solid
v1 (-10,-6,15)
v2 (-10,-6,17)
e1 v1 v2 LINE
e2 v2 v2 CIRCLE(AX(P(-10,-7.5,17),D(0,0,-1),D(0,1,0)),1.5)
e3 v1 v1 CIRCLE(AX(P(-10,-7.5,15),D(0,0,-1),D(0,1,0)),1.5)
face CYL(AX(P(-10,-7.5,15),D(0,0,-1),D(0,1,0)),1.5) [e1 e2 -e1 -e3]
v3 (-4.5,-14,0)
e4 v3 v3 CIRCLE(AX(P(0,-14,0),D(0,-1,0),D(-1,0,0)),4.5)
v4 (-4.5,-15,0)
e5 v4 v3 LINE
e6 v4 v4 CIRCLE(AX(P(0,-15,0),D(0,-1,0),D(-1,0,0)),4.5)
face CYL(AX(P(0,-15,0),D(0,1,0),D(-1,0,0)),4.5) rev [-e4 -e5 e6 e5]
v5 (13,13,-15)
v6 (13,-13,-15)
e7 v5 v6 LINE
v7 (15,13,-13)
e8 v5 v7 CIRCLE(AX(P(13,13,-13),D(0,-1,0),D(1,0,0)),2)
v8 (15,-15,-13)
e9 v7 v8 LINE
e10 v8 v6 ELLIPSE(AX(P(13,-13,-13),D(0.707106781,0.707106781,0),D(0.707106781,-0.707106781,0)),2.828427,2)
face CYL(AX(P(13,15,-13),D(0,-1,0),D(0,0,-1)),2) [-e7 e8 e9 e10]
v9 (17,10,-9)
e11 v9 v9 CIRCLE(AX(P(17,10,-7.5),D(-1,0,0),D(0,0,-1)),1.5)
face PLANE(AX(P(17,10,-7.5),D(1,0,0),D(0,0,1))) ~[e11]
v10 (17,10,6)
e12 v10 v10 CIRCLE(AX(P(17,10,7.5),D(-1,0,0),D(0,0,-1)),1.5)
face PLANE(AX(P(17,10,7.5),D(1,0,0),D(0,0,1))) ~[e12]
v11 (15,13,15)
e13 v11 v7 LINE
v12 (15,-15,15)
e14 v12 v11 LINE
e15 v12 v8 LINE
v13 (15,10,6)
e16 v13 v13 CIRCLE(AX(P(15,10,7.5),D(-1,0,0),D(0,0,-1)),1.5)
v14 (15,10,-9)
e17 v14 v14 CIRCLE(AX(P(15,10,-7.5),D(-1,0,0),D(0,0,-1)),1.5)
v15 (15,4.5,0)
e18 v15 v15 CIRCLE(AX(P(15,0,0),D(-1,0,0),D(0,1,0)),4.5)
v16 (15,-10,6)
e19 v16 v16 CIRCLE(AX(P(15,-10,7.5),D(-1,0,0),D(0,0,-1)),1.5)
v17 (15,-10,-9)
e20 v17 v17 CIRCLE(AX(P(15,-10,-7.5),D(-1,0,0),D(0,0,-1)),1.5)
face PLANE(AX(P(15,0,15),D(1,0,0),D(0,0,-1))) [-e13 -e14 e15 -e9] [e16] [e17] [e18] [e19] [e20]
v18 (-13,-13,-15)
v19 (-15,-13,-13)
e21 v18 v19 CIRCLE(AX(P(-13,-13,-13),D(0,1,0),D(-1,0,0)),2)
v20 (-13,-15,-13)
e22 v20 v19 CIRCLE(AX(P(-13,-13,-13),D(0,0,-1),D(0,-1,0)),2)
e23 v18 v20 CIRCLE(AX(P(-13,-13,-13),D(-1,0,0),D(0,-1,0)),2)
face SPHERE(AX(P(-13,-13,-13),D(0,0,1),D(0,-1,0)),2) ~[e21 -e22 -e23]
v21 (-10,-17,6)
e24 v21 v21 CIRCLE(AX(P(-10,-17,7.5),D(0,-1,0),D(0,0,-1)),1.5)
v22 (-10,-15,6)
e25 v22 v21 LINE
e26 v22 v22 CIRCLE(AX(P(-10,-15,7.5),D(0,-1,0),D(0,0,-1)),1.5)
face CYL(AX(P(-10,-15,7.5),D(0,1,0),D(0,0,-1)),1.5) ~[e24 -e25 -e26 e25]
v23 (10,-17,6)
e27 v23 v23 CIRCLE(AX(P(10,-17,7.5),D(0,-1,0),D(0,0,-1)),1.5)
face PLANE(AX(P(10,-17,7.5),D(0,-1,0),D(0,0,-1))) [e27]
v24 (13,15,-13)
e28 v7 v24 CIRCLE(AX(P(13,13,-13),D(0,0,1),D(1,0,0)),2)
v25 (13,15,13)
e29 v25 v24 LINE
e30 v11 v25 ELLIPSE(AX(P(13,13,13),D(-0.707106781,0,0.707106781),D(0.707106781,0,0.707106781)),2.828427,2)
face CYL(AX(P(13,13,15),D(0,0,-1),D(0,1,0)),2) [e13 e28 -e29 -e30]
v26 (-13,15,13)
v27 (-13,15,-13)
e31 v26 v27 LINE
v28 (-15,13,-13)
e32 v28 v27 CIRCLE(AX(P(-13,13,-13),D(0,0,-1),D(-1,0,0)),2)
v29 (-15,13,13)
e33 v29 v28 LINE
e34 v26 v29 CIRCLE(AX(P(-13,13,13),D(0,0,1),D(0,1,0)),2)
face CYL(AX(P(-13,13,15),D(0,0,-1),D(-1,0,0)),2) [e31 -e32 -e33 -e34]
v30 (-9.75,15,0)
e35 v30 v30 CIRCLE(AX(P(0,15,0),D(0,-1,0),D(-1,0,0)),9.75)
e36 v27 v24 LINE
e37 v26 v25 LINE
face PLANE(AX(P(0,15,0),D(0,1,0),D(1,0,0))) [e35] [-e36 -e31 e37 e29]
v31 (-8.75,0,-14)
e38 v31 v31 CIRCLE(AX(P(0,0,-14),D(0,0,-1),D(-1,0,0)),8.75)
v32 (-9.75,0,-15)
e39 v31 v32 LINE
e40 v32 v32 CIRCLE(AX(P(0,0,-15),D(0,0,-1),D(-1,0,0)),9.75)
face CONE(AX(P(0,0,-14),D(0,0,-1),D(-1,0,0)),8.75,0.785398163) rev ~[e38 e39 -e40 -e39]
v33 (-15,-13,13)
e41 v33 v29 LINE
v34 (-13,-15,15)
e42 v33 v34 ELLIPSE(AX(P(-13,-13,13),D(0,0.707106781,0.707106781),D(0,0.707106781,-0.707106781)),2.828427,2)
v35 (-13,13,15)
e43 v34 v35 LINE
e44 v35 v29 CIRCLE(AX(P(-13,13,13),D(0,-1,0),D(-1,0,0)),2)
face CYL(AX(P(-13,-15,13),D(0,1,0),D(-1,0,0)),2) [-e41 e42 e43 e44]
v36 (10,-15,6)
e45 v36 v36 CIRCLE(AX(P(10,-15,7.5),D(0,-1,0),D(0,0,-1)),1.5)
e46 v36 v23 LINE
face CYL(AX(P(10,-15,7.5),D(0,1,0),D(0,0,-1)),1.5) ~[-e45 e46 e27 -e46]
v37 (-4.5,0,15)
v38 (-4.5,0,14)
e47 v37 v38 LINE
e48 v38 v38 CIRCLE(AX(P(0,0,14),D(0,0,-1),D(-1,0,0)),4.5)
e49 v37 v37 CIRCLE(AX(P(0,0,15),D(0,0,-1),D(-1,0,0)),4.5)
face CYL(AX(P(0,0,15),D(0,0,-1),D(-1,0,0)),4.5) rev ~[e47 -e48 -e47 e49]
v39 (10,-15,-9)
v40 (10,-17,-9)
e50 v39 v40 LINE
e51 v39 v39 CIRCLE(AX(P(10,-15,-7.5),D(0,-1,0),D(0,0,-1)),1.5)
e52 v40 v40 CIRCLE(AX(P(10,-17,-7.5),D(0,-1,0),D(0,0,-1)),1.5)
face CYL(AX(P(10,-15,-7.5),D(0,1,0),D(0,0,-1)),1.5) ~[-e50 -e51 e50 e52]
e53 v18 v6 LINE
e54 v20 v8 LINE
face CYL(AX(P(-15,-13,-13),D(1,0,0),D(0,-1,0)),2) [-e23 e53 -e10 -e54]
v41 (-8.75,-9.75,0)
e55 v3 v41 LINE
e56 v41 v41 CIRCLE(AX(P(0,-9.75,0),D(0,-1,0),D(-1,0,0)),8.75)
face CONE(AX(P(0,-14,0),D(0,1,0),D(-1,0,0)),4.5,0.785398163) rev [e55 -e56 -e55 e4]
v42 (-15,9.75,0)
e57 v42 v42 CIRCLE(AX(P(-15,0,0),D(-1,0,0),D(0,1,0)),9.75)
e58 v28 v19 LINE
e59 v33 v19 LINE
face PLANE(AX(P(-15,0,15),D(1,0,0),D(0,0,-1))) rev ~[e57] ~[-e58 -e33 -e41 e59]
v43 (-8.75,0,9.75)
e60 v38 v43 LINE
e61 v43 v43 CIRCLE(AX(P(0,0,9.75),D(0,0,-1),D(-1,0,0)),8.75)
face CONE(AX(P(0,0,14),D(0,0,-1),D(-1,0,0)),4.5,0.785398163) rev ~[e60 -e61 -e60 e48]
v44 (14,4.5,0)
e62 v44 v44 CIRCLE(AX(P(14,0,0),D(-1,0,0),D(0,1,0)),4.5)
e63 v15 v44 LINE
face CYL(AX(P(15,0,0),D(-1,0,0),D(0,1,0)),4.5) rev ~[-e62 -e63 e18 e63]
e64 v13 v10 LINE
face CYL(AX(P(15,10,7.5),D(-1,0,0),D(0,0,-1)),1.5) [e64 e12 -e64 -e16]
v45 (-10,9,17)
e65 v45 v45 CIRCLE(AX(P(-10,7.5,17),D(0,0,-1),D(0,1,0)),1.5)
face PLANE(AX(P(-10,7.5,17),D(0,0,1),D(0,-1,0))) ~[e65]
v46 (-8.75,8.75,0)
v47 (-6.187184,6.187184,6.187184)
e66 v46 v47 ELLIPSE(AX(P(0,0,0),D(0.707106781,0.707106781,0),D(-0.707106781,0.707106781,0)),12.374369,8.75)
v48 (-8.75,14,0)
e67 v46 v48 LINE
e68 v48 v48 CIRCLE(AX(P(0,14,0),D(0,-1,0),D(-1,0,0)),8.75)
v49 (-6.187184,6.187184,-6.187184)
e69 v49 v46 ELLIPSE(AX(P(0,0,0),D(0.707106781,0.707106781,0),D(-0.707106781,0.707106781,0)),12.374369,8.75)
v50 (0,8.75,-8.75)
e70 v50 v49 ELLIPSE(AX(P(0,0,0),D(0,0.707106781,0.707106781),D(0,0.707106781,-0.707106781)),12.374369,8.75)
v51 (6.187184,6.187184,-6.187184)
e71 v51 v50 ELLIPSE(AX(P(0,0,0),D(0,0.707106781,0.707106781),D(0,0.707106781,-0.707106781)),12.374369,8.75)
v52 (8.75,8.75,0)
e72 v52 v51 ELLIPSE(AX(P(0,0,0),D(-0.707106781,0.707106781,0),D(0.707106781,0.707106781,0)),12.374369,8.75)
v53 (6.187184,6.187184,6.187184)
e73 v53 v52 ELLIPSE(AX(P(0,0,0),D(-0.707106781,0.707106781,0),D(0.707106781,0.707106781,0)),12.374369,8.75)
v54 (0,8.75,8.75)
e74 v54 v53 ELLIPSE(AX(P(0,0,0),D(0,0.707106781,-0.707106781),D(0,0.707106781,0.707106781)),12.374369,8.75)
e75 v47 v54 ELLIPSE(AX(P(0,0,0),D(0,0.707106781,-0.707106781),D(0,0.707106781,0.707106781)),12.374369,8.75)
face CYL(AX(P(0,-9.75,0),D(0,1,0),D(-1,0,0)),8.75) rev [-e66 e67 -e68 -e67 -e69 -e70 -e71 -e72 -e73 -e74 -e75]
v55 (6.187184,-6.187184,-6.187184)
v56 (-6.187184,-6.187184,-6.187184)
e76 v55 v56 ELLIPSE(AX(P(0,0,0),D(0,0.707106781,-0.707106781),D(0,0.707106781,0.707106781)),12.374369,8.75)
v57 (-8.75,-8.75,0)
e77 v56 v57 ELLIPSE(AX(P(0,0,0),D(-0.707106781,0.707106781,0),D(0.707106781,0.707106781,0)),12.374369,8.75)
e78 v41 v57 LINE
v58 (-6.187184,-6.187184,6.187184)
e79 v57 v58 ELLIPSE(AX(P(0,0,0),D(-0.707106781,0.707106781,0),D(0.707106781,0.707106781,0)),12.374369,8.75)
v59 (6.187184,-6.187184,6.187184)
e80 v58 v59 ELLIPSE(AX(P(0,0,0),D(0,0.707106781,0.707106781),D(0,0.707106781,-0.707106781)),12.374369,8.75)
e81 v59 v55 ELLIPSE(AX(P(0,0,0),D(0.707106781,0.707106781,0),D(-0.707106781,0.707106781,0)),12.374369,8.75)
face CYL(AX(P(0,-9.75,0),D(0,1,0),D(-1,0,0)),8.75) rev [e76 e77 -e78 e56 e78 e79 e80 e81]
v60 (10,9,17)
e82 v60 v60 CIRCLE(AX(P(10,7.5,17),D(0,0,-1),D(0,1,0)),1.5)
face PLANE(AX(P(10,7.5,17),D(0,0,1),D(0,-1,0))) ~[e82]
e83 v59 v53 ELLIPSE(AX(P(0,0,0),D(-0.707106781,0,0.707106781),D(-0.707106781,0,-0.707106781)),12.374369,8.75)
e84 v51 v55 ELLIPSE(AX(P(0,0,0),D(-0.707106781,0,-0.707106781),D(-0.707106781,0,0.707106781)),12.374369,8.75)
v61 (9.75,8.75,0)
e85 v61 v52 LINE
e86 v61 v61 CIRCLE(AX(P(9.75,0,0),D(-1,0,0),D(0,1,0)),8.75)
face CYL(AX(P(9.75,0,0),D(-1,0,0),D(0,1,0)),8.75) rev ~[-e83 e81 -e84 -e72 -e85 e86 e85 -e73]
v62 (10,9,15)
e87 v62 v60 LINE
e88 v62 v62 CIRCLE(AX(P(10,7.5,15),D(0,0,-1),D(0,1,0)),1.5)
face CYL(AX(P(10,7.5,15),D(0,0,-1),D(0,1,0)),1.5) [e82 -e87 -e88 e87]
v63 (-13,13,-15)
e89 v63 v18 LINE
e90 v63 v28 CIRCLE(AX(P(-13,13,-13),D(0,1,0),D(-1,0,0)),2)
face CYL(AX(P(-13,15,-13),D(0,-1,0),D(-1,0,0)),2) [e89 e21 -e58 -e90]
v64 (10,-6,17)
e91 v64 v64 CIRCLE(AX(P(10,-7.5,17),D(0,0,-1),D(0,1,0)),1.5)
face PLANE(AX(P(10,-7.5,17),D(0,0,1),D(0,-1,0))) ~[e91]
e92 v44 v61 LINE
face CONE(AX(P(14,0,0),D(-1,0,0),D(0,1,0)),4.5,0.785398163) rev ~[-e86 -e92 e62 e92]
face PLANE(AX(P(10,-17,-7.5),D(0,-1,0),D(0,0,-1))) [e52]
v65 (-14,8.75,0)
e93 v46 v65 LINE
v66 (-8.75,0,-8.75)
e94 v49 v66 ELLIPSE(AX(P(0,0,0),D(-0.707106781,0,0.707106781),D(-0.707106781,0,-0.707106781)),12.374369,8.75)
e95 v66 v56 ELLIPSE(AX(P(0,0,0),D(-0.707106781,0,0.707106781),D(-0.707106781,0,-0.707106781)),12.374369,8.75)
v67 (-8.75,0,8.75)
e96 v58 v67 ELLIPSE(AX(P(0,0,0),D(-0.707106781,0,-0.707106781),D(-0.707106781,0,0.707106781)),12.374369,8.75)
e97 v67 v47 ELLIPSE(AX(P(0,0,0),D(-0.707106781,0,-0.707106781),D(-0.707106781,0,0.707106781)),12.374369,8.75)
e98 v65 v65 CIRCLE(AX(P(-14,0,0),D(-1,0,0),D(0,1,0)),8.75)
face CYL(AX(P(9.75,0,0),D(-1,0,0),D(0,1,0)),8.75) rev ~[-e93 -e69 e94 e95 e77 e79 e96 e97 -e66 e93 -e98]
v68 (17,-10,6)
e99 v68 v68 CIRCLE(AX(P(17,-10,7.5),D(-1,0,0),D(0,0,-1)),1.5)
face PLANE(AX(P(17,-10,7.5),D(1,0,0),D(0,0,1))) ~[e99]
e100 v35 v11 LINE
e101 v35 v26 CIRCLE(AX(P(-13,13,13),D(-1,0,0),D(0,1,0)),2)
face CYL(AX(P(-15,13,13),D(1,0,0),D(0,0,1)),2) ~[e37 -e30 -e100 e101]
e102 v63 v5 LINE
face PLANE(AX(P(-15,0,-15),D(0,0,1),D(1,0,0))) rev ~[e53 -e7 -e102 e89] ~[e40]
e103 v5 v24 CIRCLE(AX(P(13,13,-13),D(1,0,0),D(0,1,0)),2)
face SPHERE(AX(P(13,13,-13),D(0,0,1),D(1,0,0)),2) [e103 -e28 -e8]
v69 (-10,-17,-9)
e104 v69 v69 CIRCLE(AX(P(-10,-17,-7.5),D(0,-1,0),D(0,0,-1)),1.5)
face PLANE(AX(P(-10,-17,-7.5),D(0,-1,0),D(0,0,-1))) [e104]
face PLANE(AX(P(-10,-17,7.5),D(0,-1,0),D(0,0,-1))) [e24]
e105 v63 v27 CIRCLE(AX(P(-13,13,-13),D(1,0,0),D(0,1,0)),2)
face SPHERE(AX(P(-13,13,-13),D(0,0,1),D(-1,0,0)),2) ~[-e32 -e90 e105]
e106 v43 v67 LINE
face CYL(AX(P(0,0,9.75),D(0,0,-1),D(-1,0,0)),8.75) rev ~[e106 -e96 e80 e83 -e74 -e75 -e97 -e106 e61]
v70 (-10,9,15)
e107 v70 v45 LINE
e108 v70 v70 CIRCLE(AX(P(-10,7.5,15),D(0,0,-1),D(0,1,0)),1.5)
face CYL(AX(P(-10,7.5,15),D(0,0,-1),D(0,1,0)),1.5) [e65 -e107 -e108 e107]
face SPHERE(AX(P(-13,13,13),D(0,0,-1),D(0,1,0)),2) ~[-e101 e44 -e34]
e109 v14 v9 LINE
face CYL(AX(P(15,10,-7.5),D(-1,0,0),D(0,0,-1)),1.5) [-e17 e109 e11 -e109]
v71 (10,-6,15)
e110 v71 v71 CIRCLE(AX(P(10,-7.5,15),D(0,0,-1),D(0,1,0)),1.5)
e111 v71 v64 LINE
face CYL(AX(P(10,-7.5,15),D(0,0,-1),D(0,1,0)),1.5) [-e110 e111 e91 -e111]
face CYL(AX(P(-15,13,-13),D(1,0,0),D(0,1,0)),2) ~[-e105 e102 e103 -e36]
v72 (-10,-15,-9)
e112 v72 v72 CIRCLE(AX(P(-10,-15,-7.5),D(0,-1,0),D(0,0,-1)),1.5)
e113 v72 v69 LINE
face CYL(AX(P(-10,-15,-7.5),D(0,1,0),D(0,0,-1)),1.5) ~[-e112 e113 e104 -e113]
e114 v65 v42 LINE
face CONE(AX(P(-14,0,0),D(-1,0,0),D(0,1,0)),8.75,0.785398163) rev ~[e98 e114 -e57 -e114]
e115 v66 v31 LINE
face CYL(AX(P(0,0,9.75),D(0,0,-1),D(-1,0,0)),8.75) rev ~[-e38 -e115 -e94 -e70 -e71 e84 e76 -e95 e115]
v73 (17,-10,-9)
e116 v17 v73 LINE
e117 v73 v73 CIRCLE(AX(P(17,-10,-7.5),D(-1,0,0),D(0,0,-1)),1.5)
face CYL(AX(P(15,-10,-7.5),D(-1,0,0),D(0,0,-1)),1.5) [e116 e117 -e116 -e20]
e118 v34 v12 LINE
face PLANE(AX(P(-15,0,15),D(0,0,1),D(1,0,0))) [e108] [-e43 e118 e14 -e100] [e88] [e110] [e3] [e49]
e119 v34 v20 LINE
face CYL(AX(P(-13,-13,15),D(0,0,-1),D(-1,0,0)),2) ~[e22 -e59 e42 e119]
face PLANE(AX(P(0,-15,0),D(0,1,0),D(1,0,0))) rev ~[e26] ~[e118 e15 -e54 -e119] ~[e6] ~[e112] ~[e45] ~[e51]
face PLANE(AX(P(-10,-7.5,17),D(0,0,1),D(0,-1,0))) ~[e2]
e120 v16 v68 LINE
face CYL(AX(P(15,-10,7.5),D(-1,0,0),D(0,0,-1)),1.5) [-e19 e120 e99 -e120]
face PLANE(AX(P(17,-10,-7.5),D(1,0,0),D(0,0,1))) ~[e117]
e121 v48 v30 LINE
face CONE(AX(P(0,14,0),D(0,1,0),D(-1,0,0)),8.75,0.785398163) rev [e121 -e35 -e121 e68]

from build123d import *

# Parameters (mm, degrees)
SKETCH_1_W      = 30
SKETCH_1_H      = 30
EXTRUDE_1_DEPTH = 15
SKETCH_5_R      = 1.5
EXTRUDE_2_DEPTH = 2
FILLET_1_R      = 2


with BuildPart() as part:
    # Эскиз1 → Бобышка-Вытянуть1 (new body, symmetric)
    with BuildSketch(Plane(origin=(0, 0, 0), x_dir=(1, 0, 0), z_dir=(0, 1, 0))):
        Rectangle(SKETCH_1_W, SKETCH_1_H)
    extrude(amount=EXTRUDE_1_DEPTH, both=True)

    # Эскиз4 → Вырез-Повернуть1 (revolve, cut)
    with BuildSketch(Plane.XY):
        Polygon((-4.5, -15), (-4.5, -14), (-8.75, -9.75), (-8.75, 14), (-9.75, 15), (0, 15), (0, -15), align=None)
    cut_revolve_1 = revolve(axis=Axis((0, 15, 0), (0, -1, 0)), mode=Mode.SUBTRACT)

    # Эскиз5 → Бобышка-Вытянуть2 (add)
    with BuildSketch(Plane.XZ.offset(15)):
        with Locations(Location((-10, 7.5, 0), (0, 0, 270))):  # turned: the seam where the file's is
            Circle(SKETCH_5_R)
        with Locations(Location((-10, -7.5, 0), (0, 0, 270))):  # turned: the seam where the file's is
            Circle(SKETCH_5_R)
        with Locations(Location((10, -7.5, 0), (0, 0, 270))):  # turned: the seam where the file's is
            Circle(SKETCH_5_R)
        with Locations(Location((10, 7.5, 0), (0, 0, 270))):  # turned: the seam where the file's is
            Circle(SKETCH_5_R)
    extrude_2 = extrude(amount=EXTRUDE_2_DEPTH)

    # Зеркальное отражение1: Вырез-Повернуть1, Бобышка-Вытянуть2 across plane
    add(cut_revolve_1.mirror(Plane(origin=(0, 0, 0), x_dir=(0, 0, 1), z_dir=(0.707106781, 0.707106781, 0))), mode=Mode.SUBTRACT)
    add(extrude_2.mirror(Plane(origin=(0, 0, 0), x_dir=(0, 0, 1), z_dir=(0.707106781, 0.707106781, 0))))

    # Скругление1
    fillet_1_edges = [part.edges().sort_by_distance(p)[0] for p in [
        (-15, 15, 0),
        (0, 15, 15),
        (15, 15, 0),
        (-15, -15, 0),
        (0, -15, -15),
        (-15, 0, 15),
        (-15, 0, -15),
        (15, 0, -15),
        (0, 15, -15),
    ]]
    fillet(fillet_1_edges, radius=FILLET_1_R)

    # Зеркальное отражение2: Вырез-Повернуть1, Бобышка-Вытянуть2 across plane
    add(cut_revolve_1.mirror(Plane(origin=(0, 0, 0), x_dir=(0, -0.707106781, 0.707106781), z_dir=(0, 0.707106781, 0.707106781))), mode=Mode.SUBTRACT)
    add(extrude_2.mirror(Plane(origin=(0, 0, 0), x_dir=(0, -0.707106781, 0.707106781), z_dir=(0, 0.707106781, 0.707106781))))


solid = part.part
